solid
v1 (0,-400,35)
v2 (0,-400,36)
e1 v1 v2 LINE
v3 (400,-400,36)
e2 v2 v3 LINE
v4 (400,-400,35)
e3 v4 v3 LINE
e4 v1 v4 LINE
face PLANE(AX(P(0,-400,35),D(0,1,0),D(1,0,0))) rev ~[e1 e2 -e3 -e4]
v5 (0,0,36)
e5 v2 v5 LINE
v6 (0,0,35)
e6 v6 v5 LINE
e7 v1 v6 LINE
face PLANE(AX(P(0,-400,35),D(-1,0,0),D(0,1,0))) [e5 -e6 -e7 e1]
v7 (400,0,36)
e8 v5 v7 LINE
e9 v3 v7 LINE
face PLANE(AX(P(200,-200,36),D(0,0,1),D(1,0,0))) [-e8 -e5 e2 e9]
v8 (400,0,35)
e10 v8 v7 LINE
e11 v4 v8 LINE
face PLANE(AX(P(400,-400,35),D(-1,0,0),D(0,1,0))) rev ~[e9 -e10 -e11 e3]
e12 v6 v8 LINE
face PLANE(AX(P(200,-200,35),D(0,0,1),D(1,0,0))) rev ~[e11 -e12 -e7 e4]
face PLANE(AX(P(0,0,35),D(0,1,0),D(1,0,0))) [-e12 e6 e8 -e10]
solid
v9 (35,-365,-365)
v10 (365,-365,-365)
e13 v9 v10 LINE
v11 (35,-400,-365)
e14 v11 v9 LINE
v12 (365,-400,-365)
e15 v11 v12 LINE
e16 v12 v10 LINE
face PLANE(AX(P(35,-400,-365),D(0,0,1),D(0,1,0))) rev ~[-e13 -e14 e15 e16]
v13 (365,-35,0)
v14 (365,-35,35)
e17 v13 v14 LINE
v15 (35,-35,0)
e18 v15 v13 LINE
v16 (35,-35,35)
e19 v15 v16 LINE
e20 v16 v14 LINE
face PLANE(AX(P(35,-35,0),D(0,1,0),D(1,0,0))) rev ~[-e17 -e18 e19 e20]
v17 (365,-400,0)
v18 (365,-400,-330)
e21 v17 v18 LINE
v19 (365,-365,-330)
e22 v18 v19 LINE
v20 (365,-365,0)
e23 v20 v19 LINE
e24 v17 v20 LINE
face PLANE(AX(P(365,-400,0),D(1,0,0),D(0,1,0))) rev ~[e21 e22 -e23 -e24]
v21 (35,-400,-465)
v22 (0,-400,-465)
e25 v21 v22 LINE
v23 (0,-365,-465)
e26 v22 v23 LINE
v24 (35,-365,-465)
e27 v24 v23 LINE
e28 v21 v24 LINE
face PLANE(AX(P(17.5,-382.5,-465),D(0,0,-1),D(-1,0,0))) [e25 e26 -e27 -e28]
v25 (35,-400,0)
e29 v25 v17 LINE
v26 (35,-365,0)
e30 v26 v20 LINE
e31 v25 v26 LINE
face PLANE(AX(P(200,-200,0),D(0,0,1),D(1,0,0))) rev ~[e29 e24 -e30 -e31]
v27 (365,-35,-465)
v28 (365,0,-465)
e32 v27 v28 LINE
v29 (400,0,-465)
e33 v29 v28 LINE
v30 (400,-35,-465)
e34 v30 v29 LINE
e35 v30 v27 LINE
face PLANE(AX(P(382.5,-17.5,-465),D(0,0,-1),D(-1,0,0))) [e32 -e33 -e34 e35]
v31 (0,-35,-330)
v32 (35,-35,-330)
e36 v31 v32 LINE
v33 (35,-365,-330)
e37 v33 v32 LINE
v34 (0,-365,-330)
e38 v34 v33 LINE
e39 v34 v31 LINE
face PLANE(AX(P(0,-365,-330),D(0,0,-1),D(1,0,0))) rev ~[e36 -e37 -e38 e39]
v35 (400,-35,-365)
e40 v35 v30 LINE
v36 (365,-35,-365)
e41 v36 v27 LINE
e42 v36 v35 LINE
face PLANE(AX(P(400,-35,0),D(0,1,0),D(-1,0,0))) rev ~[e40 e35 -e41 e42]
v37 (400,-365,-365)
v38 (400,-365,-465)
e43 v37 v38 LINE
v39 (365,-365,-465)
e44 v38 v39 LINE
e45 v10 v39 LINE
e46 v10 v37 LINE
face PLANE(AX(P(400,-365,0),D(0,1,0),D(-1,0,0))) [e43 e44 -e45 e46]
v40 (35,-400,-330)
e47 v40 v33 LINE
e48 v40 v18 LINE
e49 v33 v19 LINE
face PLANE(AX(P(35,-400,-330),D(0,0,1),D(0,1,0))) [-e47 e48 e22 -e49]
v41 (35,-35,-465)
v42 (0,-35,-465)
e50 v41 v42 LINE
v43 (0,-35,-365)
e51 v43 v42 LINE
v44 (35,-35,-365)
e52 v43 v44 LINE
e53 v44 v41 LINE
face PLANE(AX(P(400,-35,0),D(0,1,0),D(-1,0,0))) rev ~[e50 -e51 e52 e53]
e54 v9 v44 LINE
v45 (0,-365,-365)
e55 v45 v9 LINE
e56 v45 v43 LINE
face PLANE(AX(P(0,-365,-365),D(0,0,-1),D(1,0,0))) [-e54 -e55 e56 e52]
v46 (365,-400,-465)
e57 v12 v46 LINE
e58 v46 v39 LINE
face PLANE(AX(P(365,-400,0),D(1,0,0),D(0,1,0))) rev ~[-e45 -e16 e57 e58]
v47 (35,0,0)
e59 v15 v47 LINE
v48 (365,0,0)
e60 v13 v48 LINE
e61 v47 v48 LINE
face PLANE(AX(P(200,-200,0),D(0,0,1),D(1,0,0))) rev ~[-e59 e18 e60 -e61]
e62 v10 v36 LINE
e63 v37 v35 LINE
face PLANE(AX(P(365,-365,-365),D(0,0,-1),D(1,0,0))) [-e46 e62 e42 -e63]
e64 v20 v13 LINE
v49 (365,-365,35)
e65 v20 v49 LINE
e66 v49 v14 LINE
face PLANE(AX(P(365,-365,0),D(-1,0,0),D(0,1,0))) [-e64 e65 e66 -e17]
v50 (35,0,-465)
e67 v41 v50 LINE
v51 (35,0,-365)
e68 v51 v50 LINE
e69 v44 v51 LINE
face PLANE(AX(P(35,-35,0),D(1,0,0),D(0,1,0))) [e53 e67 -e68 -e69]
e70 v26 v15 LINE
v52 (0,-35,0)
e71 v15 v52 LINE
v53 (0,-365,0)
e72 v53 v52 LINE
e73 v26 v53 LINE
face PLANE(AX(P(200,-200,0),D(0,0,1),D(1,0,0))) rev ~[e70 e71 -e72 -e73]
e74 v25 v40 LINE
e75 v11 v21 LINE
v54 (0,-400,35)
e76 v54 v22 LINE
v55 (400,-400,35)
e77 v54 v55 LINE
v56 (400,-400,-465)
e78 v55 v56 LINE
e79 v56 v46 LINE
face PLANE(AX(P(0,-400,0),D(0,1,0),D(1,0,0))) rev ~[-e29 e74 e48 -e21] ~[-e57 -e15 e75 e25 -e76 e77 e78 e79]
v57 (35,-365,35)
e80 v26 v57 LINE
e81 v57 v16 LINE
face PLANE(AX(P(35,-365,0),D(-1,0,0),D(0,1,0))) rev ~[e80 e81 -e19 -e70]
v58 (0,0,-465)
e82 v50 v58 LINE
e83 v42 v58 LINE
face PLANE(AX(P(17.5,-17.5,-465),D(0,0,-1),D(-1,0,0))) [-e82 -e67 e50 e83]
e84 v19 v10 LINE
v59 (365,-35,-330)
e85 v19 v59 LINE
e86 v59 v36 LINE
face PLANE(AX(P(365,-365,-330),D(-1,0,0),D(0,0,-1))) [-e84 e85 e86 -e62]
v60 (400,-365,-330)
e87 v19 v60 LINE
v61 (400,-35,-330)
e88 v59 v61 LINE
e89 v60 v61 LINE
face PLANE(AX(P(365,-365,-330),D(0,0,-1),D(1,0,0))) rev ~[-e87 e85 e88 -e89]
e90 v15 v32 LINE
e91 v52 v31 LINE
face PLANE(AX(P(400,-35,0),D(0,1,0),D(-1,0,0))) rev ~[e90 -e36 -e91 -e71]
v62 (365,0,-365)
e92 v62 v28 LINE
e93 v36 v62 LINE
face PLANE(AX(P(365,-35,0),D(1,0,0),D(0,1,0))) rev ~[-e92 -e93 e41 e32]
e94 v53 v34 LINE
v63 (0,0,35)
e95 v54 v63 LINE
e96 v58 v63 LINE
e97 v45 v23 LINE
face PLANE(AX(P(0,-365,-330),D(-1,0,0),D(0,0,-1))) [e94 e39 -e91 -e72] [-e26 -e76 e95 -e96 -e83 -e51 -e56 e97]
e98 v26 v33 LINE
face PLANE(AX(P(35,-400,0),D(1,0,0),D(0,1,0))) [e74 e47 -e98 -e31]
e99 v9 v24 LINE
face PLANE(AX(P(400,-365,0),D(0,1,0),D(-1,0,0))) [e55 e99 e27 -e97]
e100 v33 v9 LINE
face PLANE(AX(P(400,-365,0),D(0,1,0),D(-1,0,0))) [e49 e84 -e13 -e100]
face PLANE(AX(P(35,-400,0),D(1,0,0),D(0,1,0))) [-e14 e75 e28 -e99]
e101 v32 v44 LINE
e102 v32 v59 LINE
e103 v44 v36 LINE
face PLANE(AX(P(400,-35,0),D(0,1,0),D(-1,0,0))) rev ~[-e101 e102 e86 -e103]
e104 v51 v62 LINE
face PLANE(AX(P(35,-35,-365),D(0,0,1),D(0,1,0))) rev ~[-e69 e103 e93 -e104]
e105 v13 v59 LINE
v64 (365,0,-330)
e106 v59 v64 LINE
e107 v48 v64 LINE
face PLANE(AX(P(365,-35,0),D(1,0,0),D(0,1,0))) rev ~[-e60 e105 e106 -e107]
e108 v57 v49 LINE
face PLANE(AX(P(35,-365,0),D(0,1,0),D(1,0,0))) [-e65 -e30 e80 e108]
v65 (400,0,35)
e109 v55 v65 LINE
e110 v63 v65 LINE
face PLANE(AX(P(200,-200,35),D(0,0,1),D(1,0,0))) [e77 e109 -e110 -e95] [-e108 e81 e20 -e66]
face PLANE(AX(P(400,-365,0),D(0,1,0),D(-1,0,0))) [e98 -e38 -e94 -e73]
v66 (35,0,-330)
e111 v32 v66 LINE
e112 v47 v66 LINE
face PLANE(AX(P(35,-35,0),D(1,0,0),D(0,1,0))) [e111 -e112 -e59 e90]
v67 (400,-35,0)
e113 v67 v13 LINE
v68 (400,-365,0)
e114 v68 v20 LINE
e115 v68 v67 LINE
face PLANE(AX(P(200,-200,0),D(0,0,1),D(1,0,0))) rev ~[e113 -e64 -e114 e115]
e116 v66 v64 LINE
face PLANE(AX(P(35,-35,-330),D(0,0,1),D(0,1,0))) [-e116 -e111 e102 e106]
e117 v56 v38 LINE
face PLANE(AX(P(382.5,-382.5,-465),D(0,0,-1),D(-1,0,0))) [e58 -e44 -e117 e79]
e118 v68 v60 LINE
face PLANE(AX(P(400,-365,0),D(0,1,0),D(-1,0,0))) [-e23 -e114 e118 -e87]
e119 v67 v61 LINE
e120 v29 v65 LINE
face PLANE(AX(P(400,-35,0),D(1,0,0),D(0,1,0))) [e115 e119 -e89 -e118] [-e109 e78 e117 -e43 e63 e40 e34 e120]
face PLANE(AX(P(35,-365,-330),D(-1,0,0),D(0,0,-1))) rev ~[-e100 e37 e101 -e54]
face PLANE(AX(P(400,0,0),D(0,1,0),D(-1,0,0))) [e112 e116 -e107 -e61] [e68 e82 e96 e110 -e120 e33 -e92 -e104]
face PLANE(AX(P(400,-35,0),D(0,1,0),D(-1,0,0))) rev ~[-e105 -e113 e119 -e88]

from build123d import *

# Parameters (mm, degrees)
ESQUISSE1_W        = 400
ESQUISSE1_H        = 400
ESQUISSE1_W_2      = 330
ESQUISSE1_H_2      = 330
EXTRU_MINCE1_DEPTH = 35
ESQUISSE2_W        = 35
ESQUISSE2_H        = 35
BOSS_EXTRU_1_DEPTH = 465
ESQUISSE3_W        = 400
ESQUISSE3_H        = 400
BOSS_EXTRU_2_DEPTH = 1
ESQUISSE4_W        = 35
ESQUISSE4_H        = 35
BOSS_EXTRU_3_DEPTH = 330
ESQUISSE5_W        = 35
ESQUISSE5_H        = 35
BOSS_EXTRU_4_DEPTH = 330


with BuildPart() as part:
    # Esquisse1 → Extru.-Mince1 (new body)
    with BuildSketch(Plane.XY):
        with Locations((200, -200)):
            Rectangle(ESQUISSE1_W, ESQUISSE1_H)
        with Locations((200, -200)):
            Rectangle(ESQUISSE1_W_2, ESQUISSE1_H_2, mode=Mode.SUBTRACT)
    extrude(amount=EXTRU_MINCE1_DEPTH)

    # Esquisse2 → Boss.-Extru.1 (add)
    with BuildSketch(Plane(origin=(0, 0, 0), x_dir=(-1, 0, 0), z_dir=(0, 0, -1))):
        with Locations((-382.5, -17.5)):
            Rectangle(ESQUISSE2_W, ESQUISSE2_H)
        with Locations((-17.5, -17.5)):
            Rectangle(ESQUISSE2_W, ESQUISSE2_H)
        with Locations((-17.5, -382.5)):
            Rectangle(ESQUISSE2_W, ESQUISSE2_H)
        with Locations((-382.5, -382.5)):
            Rectangle(ESQUISSE2_W, ESQUISSE2_H)
    extrude(amount=BOSS_EXTRU_1_DEPTH)

    # Esquisse4 → Boss.-Extru.3 (add)
    with BuildSketch(Plane(origin=(35, 0, 0), x_dir=(0, 0, -1), z_dir=(1, 0, 0))):
        with Locations((347.5, -17.5)):
            Rectangle(ESQUISSE4_W, ESQUISSE4_H)
        with Locations((347.5, -382.5)):
            Rectangle(ESQUISSE4_W, ESQUISSE4_H)
    extrude(amount=BOSS_EXTRU_3_DEPTH)

    # Esquisse5 → Boss.-Extru.4 (add)
    with BuildSketch(Plane(origin=(0, -365, 0), x_dir=(1, 0, 0), z_dir=(0, 1, 0))):
        with Locations((17.5, 347.5)):
            Rectangle(ESQUISSE5_W, ESQUISSE5_H)
        with Locations((382.5, 347.5)):
            Rectangle(ESQUISSE5_W, ESQUISSE5_H)
    extrude(amount=BOSS_EXTRU_4_DEPTH)


with BuildPart() as body_2:
    # Esquisse3 → Boss.-Extru.2 (new body)
    with BuildSketch(Plane.XY.offset(35)):
        with Locations((200, -200)):
            Rectangle(ESQUISSE3_W, ESQUISSE3_H)
    extrude(amount=BOSS_EXTRU_2_DEPTH)


solid = Compound([part.part, body_2.part])
